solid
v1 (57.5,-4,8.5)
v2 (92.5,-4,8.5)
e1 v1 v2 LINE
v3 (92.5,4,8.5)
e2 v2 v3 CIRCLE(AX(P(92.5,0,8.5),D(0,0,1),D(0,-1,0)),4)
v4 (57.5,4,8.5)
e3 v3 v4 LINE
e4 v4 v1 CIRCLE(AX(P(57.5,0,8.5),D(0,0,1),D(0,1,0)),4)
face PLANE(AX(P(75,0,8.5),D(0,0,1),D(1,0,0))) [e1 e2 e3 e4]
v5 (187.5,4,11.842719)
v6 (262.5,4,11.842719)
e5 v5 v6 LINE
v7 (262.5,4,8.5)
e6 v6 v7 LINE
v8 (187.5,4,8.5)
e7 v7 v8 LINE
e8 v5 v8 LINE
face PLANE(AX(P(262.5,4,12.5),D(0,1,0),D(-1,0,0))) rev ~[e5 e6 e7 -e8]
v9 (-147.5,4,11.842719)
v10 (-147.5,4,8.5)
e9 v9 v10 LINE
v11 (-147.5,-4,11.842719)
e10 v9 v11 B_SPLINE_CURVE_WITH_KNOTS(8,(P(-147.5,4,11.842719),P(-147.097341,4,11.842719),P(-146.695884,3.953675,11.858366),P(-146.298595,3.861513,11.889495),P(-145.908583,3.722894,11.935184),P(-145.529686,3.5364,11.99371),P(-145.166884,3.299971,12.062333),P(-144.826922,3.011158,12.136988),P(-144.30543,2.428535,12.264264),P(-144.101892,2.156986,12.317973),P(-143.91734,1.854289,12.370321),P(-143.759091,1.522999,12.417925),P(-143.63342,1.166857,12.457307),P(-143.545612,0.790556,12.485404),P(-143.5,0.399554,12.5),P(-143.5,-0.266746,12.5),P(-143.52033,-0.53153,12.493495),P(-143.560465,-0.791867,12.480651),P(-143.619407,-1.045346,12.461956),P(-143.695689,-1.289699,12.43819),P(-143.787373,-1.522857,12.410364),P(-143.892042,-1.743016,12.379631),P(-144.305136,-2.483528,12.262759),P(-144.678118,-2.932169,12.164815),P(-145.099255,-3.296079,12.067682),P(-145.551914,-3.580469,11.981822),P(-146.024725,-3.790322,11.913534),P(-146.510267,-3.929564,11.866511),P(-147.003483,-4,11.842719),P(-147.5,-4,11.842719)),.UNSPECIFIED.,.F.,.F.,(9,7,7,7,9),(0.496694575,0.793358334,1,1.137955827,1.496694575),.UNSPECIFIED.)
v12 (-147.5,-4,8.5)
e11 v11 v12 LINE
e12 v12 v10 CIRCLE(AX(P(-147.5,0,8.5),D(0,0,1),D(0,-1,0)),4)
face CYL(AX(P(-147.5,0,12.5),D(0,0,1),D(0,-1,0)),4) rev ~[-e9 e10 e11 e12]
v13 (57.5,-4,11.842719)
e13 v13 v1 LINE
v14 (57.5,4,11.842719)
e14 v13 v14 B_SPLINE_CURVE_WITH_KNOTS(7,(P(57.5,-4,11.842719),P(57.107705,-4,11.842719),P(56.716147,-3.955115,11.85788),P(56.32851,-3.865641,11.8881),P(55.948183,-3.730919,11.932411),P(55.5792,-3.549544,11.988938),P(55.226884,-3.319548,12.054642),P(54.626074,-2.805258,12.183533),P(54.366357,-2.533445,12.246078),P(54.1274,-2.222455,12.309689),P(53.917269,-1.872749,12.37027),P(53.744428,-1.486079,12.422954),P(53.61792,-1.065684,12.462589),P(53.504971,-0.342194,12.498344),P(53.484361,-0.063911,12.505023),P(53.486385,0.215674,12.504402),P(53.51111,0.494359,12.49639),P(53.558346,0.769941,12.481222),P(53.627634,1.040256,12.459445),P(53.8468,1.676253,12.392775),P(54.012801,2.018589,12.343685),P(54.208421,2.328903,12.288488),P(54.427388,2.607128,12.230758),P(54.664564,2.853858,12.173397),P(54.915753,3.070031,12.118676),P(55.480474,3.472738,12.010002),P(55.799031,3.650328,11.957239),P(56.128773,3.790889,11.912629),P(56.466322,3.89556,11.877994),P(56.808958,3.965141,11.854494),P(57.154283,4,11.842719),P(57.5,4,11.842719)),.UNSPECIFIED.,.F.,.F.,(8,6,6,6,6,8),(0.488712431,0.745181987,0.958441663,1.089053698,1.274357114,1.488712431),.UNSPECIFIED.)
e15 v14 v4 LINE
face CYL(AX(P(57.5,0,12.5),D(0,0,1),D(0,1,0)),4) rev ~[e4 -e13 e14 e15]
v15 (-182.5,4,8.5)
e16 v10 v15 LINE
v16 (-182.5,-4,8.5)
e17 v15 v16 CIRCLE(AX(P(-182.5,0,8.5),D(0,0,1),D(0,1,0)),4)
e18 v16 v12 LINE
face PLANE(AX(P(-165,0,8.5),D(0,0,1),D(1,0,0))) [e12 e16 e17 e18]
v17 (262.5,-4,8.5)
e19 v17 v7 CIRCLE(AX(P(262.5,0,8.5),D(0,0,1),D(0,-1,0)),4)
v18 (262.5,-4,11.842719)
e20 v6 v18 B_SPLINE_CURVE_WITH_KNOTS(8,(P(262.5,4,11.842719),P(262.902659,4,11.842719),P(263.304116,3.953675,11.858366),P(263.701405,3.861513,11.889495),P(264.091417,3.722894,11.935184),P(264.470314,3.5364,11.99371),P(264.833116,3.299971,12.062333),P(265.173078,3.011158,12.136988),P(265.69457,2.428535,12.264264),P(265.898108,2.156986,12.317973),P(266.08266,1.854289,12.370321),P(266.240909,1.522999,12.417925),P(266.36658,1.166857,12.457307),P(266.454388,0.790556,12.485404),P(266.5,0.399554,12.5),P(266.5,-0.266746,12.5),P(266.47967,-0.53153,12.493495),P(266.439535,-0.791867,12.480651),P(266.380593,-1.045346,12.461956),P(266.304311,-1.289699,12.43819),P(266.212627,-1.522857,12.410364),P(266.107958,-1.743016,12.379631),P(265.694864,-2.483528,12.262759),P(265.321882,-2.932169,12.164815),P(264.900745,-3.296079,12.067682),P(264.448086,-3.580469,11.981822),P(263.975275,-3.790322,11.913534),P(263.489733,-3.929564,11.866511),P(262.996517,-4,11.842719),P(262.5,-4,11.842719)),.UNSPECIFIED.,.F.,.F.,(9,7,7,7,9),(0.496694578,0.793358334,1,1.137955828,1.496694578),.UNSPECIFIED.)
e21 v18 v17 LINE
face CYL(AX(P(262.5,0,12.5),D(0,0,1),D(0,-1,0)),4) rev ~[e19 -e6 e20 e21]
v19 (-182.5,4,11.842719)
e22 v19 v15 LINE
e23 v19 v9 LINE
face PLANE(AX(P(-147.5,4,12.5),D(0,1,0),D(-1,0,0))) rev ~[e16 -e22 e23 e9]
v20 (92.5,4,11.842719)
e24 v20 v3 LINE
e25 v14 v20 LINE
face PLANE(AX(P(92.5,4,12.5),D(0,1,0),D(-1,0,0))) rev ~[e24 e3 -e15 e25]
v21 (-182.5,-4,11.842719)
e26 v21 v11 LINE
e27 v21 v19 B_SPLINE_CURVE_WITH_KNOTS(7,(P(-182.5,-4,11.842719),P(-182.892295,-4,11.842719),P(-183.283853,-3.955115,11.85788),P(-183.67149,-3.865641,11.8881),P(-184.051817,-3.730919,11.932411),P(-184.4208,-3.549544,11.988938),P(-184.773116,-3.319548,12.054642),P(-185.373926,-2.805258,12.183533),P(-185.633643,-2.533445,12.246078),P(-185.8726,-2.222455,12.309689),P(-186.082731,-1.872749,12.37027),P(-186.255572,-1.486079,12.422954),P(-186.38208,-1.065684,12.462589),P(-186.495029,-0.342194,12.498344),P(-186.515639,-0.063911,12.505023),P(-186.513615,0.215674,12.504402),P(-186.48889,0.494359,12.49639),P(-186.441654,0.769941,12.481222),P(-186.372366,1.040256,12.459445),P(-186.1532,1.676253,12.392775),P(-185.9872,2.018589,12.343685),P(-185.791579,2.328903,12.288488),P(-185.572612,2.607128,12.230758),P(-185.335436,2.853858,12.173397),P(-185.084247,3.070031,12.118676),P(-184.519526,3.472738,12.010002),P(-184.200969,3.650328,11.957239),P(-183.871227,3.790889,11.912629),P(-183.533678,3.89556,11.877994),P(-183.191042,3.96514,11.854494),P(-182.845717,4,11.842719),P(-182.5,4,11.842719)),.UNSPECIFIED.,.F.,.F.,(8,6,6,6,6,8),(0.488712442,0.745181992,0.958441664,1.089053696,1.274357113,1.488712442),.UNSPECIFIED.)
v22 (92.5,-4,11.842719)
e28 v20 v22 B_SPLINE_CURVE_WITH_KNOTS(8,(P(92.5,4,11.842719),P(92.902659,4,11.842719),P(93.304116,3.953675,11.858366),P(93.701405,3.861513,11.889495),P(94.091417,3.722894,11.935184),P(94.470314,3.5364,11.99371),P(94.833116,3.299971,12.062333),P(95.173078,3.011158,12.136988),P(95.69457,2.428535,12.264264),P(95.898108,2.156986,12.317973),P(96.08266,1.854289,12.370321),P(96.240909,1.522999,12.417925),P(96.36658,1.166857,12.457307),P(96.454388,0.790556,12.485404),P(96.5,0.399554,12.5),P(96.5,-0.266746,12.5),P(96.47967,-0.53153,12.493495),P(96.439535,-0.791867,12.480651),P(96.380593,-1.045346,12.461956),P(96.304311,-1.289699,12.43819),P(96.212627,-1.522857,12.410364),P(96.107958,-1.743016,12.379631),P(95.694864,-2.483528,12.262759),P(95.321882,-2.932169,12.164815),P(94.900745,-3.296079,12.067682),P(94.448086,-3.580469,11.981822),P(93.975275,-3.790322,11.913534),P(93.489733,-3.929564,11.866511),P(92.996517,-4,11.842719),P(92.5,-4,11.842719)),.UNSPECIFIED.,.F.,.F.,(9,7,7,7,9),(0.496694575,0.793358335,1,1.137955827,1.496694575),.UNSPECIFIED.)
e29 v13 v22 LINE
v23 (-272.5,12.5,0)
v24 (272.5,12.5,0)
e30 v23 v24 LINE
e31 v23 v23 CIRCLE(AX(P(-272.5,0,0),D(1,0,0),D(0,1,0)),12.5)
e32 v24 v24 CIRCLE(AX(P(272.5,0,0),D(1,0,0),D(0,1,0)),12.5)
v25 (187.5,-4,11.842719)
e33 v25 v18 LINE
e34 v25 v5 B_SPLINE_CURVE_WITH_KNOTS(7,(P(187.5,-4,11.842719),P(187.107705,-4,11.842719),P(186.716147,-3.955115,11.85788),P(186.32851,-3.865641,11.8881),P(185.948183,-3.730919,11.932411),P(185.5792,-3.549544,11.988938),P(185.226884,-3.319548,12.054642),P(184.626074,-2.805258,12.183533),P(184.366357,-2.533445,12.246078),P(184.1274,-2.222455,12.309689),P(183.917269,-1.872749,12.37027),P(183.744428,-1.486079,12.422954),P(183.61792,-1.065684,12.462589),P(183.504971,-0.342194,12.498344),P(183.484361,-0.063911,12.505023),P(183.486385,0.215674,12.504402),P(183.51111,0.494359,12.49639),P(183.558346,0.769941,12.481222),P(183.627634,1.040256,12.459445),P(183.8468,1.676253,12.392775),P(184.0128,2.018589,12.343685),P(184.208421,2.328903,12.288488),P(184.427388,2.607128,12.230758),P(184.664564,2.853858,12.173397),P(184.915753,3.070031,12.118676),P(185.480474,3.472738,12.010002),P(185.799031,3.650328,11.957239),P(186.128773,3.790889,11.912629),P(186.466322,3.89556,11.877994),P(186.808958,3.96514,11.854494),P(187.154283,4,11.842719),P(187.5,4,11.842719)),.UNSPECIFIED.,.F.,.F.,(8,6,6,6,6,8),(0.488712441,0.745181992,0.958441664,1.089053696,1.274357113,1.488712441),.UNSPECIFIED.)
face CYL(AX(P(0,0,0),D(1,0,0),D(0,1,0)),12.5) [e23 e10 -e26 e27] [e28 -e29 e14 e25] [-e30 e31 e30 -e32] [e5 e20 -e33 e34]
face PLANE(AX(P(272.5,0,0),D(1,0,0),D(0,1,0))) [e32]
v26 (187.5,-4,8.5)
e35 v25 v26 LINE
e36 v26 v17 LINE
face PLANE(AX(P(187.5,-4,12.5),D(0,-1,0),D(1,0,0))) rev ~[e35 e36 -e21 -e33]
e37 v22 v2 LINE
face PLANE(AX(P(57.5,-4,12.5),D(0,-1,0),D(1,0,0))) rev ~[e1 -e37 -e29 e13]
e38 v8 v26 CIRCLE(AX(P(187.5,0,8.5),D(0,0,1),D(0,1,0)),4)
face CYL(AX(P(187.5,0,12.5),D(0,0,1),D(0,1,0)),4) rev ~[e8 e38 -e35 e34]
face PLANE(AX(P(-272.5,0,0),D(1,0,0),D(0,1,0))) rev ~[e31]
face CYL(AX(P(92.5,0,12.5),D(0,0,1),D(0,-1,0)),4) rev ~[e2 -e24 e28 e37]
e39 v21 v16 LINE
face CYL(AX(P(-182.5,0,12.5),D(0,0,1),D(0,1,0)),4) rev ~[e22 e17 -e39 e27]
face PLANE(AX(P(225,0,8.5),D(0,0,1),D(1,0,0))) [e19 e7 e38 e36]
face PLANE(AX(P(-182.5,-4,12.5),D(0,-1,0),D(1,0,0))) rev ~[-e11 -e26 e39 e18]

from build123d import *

# Parameters (mm, degrees)
F0_R     = 12.5
F2_DEPTH = 272.5
F4_DEPTH = 4


with BuildPart() as f2:
    # F0 (on Right) → F2 (new body, symmetric)
    with BuildSketch(Plane.YZ):
        Circle(F0_R)
    extrude(amount=F2_DEPTH, both=True)

    # F3 (on offset) → F4 (cut)
    with BuildSketch(Plane.XY.offset(12.5)):
        with BuildLine():
            ThreePointArc((-182.5, 4), (-186.5, 0), (-182.5, -4))
            Line((-182.5, -4), (-147.5, -4))
            ThreePointArc((-147.5, -4), (-143.5, 0), (-147.5, 4))
            Line((-147.5, 4), (-182.5, 4))
        make_face()
        with BuildLine():
            ThreePointArc((57.5, 4), (53.5, 0), (57.5, -4))
            Line((57.5, -4), (92.5, -4))
            ThreePointArc((92.5, -4), (96.5, 0), (92.5, 4))
            Line((92.5, 4), (57.5, 4))
        make_face()
        with BuildLine():
            ThreePointArc((187.5, 4), (183.5, 0), (187.5, -4))
            Line((187.5, -4), (262.5, -4))
            ThreePointArc((262.5, -4), (266.5, 0), (262.5, 4))
            Line((262.5, 4), (187.5, 4))
        make_face()
    extrude(amount=-F4_DEPTH, mode=Mode.SUBTRACT)


solid = f2.part
